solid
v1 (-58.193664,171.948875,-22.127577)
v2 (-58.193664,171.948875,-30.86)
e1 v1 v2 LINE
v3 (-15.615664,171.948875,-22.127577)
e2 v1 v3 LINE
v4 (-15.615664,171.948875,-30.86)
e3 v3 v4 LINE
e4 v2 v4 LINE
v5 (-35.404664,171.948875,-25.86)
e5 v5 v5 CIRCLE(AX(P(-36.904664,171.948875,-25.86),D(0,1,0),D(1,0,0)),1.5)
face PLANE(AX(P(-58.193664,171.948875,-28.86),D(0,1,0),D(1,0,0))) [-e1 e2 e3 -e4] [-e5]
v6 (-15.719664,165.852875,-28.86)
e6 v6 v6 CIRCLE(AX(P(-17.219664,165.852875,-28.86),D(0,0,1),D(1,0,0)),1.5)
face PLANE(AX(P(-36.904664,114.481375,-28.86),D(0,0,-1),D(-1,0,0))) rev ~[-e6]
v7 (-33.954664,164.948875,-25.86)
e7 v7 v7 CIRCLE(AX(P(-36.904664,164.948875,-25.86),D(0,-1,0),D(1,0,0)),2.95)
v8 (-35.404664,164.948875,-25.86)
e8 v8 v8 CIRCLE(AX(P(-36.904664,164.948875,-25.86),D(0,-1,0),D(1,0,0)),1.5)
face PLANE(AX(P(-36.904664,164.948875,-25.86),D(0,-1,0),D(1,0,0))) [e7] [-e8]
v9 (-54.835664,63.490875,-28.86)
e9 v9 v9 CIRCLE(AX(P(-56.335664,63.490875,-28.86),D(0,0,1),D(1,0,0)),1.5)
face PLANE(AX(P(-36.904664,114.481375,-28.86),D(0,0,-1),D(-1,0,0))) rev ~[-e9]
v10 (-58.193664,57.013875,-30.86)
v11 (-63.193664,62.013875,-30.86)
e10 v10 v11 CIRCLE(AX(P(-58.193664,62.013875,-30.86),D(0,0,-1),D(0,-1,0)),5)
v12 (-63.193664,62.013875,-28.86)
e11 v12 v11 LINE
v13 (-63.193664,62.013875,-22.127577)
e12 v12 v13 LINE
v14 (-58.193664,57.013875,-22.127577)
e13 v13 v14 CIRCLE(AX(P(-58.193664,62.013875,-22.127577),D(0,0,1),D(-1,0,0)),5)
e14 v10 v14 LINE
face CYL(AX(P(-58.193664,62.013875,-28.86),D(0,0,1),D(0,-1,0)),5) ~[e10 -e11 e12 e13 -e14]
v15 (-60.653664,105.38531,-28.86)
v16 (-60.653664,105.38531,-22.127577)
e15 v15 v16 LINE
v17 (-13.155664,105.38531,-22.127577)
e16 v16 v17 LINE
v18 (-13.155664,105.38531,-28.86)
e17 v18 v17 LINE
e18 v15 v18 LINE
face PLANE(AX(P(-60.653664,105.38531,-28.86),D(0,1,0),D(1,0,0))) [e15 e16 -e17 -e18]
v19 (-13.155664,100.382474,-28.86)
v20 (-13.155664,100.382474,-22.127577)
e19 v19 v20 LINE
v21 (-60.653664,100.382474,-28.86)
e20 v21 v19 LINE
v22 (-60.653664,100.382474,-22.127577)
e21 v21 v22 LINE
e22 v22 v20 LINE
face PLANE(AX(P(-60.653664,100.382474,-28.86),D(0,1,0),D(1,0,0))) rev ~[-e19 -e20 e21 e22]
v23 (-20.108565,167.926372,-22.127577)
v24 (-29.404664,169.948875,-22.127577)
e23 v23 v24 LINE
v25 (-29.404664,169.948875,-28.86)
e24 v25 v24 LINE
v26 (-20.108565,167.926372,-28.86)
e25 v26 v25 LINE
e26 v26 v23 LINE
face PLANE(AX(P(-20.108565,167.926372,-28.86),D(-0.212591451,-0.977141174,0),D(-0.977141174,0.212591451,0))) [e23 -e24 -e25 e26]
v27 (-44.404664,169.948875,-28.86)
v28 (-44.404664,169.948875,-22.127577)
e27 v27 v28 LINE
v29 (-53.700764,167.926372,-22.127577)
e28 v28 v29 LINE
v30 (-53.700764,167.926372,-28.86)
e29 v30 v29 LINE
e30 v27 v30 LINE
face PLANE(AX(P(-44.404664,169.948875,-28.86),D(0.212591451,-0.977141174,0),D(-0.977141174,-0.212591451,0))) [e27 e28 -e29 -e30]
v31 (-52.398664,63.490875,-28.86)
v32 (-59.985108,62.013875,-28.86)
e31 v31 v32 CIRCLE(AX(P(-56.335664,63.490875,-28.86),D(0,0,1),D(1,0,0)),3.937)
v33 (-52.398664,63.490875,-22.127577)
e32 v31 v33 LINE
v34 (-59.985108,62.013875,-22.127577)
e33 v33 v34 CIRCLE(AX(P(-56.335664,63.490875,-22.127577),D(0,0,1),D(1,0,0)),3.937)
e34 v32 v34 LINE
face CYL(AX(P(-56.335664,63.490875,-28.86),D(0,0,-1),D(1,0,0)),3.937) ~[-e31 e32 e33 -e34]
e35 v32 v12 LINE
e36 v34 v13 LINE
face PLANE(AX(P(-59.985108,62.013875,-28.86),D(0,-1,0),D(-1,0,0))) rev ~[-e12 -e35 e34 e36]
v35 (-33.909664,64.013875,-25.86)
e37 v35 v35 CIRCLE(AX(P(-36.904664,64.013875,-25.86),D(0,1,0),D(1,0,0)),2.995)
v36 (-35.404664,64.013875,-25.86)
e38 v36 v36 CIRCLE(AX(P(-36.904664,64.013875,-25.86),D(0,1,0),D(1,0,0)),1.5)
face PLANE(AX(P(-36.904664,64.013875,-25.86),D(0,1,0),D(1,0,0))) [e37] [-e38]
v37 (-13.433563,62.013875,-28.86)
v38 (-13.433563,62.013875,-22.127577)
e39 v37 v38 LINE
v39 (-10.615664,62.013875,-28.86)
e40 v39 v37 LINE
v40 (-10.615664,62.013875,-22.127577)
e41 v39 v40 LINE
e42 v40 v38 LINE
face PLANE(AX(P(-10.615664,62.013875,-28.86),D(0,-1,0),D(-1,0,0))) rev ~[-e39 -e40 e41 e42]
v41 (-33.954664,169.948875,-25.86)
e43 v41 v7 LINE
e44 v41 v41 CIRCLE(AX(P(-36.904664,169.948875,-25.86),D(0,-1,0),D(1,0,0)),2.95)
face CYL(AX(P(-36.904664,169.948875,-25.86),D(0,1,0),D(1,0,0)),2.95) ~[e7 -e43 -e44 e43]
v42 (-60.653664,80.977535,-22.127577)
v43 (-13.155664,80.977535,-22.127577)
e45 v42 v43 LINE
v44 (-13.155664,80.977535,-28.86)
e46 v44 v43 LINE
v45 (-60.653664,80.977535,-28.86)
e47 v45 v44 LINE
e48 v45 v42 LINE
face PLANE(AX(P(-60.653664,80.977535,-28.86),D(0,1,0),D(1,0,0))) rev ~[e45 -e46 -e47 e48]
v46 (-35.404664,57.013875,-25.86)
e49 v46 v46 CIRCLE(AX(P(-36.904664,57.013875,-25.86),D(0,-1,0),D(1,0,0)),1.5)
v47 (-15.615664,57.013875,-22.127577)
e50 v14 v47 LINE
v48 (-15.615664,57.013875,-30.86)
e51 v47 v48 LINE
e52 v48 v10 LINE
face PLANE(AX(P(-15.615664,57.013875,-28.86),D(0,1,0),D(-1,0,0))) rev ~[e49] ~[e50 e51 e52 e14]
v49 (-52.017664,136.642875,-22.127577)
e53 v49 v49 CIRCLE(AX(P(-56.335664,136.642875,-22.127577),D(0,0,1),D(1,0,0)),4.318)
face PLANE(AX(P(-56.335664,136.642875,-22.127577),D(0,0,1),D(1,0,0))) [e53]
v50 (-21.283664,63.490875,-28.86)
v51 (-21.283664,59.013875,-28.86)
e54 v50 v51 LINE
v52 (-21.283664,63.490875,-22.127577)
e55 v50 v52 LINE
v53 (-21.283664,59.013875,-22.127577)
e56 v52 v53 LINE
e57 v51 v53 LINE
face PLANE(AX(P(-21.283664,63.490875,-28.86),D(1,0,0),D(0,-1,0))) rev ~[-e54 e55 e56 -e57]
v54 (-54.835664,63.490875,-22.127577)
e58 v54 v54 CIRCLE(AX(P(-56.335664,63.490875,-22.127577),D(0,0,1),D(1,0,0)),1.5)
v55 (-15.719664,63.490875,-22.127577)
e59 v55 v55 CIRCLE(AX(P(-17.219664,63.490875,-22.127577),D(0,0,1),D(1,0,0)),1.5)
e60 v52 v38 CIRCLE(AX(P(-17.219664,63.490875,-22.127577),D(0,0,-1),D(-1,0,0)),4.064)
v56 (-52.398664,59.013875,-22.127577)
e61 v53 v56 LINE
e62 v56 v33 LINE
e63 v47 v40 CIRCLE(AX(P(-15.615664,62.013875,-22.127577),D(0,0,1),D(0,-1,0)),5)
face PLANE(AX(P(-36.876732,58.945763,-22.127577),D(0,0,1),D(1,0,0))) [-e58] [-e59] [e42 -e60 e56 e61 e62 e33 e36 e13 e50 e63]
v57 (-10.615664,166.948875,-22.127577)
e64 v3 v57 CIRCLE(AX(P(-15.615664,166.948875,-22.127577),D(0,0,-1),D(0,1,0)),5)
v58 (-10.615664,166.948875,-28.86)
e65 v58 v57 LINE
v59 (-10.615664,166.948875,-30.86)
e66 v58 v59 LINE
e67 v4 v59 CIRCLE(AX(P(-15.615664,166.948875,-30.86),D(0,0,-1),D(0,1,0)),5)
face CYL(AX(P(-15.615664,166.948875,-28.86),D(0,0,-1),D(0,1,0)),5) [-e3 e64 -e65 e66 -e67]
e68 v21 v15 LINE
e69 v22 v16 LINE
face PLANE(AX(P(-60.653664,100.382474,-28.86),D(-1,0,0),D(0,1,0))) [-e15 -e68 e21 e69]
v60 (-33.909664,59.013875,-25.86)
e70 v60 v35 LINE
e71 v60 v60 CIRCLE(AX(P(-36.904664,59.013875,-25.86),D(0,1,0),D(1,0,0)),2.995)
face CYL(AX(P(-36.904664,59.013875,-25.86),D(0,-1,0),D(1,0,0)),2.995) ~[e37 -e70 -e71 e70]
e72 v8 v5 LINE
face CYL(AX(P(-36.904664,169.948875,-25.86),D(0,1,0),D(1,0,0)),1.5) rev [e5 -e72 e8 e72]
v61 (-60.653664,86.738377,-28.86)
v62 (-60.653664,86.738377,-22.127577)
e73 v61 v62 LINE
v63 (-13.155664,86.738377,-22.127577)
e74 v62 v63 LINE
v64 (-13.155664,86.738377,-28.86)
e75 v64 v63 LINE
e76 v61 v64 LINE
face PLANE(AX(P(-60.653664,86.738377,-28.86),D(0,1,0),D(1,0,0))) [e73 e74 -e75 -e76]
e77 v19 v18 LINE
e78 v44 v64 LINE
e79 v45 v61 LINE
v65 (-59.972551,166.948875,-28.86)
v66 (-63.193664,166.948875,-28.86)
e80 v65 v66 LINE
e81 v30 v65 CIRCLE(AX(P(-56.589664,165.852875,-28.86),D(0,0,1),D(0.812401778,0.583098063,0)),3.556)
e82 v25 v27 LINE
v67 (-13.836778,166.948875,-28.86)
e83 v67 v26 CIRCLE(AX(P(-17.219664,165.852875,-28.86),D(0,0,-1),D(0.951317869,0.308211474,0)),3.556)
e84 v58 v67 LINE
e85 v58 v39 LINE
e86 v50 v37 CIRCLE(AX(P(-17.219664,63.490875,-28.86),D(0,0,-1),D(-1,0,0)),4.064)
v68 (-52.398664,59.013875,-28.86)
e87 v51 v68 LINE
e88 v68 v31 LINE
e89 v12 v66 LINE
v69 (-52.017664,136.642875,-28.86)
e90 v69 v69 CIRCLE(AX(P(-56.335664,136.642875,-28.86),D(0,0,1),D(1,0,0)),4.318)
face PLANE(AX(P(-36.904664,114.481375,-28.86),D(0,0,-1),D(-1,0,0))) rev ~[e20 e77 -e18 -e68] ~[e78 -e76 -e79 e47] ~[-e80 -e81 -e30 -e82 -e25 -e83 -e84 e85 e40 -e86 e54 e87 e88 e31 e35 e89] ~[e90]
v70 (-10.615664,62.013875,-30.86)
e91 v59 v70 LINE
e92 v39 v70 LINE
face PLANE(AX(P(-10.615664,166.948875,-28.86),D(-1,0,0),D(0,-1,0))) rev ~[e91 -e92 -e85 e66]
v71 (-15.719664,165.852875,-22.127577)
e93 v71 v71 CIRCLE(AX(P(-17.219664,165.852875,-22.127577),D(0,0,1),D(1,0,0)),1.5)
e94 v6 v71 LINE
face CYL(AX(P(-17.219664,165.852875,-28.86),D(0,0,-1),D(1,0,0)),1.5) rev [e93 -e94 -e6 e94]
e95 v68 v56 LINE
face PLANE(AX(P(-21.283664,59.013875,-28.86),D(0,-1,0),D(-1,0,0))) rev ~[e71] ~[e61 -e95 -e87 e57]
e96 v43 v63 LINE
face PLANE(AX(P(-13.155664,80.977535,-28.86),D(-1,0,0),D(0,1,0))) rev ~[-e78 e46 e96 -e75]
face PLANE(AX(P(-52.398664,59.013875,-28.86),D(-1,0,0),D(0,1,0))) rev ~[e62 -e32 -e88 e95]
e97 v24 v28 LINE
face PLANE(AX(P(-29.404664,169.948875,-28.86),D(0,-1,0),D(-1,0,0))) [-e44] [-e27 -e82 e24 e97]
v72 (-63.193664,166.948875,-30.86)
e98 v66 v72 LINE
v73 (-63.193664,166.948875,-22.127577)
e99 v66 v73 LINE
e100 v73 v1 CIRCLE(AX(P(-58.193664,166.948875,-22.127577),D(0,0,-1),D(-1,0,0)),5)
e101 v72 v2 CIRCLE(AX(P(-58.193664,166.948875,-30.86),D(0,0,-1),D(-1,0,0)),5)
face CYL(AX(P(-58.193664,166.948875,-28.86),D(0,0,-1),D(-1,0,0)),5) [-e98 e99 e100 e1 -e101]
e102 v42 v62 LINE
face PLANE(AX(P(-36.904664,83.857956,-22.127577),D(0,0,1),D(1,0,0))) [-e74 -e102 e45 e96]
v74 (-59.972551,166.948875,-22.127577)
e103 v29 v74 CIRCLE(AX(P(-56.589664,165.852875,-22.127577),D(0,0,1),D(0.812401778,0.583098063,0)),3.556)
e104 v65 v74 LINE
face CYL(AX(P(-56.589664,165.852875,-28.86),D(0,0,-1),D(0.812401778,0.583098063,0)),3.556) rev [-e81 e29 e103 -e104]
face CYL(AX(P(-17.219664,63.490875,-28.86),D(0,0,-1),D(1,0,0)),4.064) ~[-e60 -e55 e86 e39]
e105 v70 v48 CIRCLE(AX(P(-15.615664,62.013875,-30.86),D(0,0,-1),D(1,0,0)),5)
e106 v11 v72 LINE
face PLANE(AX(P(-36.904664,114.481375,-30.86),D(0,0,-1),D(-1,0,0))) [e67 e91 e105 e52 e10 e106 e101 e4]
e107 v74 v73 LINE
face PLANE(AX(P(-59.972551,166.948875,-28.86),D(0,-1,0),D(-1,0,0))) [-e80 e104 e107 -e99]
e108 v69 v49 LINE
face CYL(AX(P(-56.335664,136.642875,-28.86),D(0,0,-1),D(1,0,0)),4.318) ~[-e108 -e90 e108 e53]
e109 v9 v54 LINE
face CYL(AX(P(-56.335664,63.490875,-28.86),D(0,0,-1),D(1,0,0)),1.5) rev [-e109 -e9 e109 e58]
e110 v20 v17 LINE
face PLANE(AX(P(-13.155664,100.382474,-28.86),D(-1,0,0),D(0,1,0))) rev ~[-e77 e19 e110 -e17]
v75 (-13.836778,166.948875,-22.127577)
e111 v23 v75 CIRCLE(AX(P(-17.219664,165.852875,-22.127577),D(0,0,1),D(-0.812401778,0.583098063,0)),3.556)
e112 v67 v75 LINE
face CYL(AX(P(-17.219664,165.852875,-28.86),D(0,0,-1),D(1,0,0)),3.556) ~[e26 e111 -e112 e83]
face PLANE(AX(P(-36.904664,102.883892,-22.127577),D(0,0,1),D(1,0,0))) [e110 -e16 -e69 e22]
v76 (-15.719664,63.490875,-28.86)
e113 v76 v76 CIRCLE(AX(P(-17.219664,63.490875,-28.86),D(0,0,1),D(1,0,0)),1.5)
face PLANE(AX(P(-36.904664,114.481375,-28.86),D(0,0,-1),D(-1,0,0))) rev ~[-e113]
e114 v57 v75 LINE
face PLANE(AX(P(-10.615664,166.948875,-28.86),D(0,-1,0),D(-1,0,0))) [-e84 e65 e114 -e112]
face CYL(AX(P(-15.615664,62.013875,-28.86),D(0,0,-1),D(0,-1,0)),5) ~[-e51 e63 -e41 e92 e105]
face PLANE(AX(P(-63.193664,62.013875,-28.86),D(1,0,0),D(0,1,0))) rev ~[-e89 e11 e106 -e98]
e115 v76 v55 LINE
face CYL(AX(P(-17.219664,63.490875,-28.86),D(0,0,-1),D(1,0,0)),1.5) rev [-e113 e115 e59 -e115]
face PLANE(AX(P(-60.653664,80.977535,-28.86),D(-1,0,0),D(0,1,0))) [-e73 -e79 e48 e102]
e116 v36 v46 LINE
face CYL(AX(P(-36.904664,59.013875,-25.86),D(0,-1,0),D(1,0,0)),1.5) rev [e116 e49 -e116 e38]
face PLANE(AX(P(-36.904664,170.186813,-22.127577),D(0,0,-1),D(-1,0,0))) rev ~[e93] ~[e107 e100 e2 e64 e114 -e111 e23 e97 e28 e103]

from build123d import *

# Parameters (mm, degrees)
BOSS_EXTRUDE1_DEPTH = 2
SKETCH2_R           = 3.556
SKETCH2_R_2         = 1.5
SKETCH2_R_3         = 4.318
SKETCH2_R_4         = 4.064
SKETCH2_R_5         = 3.937
SKETCH2_W           = 47.498
SKETCH2_H           = 5.002835781
SKETCH2_H_2         = 5.760841202
BOSS_EXTRUDE2_DEPTH = 6.732423
BOSS_EXTRUDE3_DEPTH = 6.732423
SKETCH4_R           = 1.5
CUT_EXTRUDE1_DEPTH  = 10
SKETCH5_R           = 1.5
CUT_EXTRUDE2_DEPTH  = 10
SKETCH6_R           = 2.95
SKETCH6_R_2         = 1.5
BOSS_EXTRUDE5_DEPTH = 5
SKETCH7_R           = 2.995
SKETCH7_R_2         = 1.5
BOSS_EXTRUDE6_DEPTH = 5


with BuildPart() as part:
    # Sketch1 → Boss-Extrude1 (new body)
    with BuildSketch(Plane.XY.offset(-28.86000007)):
        with BuildLine():
            Line((-10.615664433, 166.948874967), (-10.615664433, 62.013874967))
            ThreePointArc((-10.615664433, 62.013874967), (-12.080130527, 58.478341061), (-15.615664433, 57.013874967))
            Line((-15.615664433, 57.013874967), (-58.193664433, 57.013874967))
            ThreePointArc((-58.193664433, 57.013874967), (-61.729198339, 58.478341061), (-63.193664433, 62.013874967))
            Line((-63.193664433, 62.013874967), (-63.193664433, 166.948874967))
            ThreePointArc((-63.193664433, 166.948874967), (-61.729198339, 170.484408873), (-58.193664433, 171.948874967))
            Line((-58.193664433, 171.948874967), (-15.615664433, 171.948874967))
            ThreePointArc((-15.615664433, 171.948874967), (-12.080130527, 170.484408873), (-10.615664433, 166.948874967))
        make_face()
    extrude(amount=-BOSS_EXTRUDE1_DEPTH)

    # Sketch2 → Boss-Extrude2 (add)
    with BuildSketch(Plane.XY.offset(-28.86000007)):
        with Locations((-17.219664433, 165.852874967)):
            Circle(SKETCH2_R)
        with Locations((-17.219664433, 165.852874967)):
            Circle(SKETCH2_R_2, mode=Mode.SUBTRACT)
        with Locations((-56.335664433, 136.642874967)):
            Circle(SKETCH2_R_3)
        with Locations((-17.219664433, 63.490874967)):
            Circle(SKETCH2_R_4)
        with Locations((-17.219664433, 63.490874967)):
            Circle(SKETCH2_R_2, mode=Mode.SUBTRACT)
        with Locations((-56.335664433, 63.490874967)):
            Circle(SKETCH2_R_5)
        with Locations((-56.335664433, 63.490874967)):
            Circle(SKETCH2_R_2, mode=Mode.SUBTRACT)
        with Locations((-36.904664433, 102.883892021)):
            Rectangle(SKETCH2_W, SKETCH2_H)
        with Locations((-36.904664433, 83.857955944)):
            Rectangle(SKETCH2_W, SKETCH2_H_2)
    extrude(amount=BOSS_EXTRUDE2_DEPTH)

    # Sketch3 → Boss-Extrude3 (add)
    with BuildSketch(Plane.XY.offset(-28.86000007)):
        with BuildLine():
            Line((-29.404664433, 169.948874967), (-44.404664433, 169.948874967))
            Line((-44.404664433, 169.948874967), (-53.70076371, 167.92637168))
            ThreePointArc((-53.70076371, 167.92637168), (-57.137277803, 169.366456558), (-59.972550774, 166.948874967))
            Line((-59.972550774, 166.948874967), (-61.193664433, 166.948874967))
            Line((-61.193664433, 166.948874967), (-63.193664433, 166.948874967))
            ThreePointArc((-63.193664433, 166.948874967), (-61.729198339, 170.484408873), (-58.193664433, 171.948874967))
            Line((-58.193664433, 171.948874967), (-44.404664433, 171.948874967))
            Line((-44.404664433, 171.948874967), (-29.404664433, 171.948874967))
            Line((-29.404664433, 171.948874967), (-15.615664433, 171.948874967))
            ThreePointArc((-15.615664433, 171.948874967), (-12.080130527, 170.484408873), (-10.615664433, 166.948874967))
            Line((-10.615664433, 166.948874967), (-12.615664433, 166.948874967))
            Line((-12.615664433, 166.948874967), (-13.836778091, 166.948874967))
            ThreePointArc((-13.836778091, 166.948874967), (-16.672051062, 169.366456558), (-20.108565155, 167.92637168))
            Line((-20.108565155, 167.92637168), (-29.404664433, 169.948874967))
        make_face()
        with BuildLine():
            Line((-58.193664433, 57.013874967), (-15.615664433, 57.013874967))
            ThreePointArc((-15.615664433, 57.013874967), (-12.080130527, 58.478341061), (-10.615664433, 62.013874967))
            Line((-10.615664433, 62.013874967), (-12.615664433, 62.013874967))
            Line((-12.615664433, 62.013874967), (-13.433562612, 62.013874967))
            ThreePointArc((-13.433562612, 62.013874967), (-17.971122415, 59.496953723), (-21.283664433, 63.490874967))
            Line((-21.283664433, 63.490874967), (-21.283664433, 59.013874967))
            Line((-21.283664433, 59.013874967), (-52.398664433, 59.013874967))
            Line((-52.398664433, 59.013874967), (-52.398664433, 63.490874967))
            ThreePointArc((-52.398664433, 63.490874967), (-55.583298569, 59.626432626), (-59.985108226, 62.013874967))
            Line((-59.985108226, 62.013874967), (-61.193664433, 62.013874967))
            Line((-61.193664433, 62.013874967), (-63.193664433, 62.013874967))
            ThreePointArc((-63.193664433, 62.013874967), (-61.729198339, 58.478341061), (-58.193664433, 57.013874967))
        make_face()
    extrude(amount=BOSS_EXTRUDE3_DEPTH)

    # Sketch4 → Cut-Extrude1 (cut)
    with BuildSketch(Plane.XZ.offset(-57.013874967)):
        with Locations((-36.904664433, -25.86000007)):
            Circle(SKETCH4_R)
    extrude(amount=-CUT_EXTRUDE1_DEPTH, mode=Mode.SUBTRACT)

    # Sketch5 → Cut-Extrude2 (cut)
    with BuildSketch(Plane(origin=(0, 171.948874967, 0), x_dir=(1, 0, 0), z_dir=(0, 1, 0))):
        with Locations((-36.904664433, 25.86000007)):
            Circle(SKETCH5_R)
    extrude(amount=-CUT_EXTRUDE2_DEPTH, mode=Mode.SUBTRACT)

    # Sketch6 → Boss-Extrude5 (add)
    with BuildSketch(Plane.XZ.offset(-169.948874967)):
        with Locations((-36.904664433, -25.86000007)):
            Circle(SKETCH6_R)
        with Locations((-36.904664433, -25.86000007)):
            Circle(SKETCH6_R_2, mode=Mode.SUBTRACT)
    extrude(amount=BOSS_EXTRUDE5_DEPTH)

    # Sketch7 → Boss-Extrude6 (add)
    with BuildSketch(Plane(origin=(0, 59.013874967, 0), x_dir=(1, 0, 0), z_dir=(0, 1, 0))):
        with Locations((-36.904664433, 25.86000007)):
            Circle(SKETCH7_R)
        with Locations((-36.904664433, 25.86000007)):
            Circle(SKETCH7_R_2, mode=Mode.SUBTRACT)
    extrude(amount=BOSS_EXTRUDE6_DEPTH)


solid = part.part
